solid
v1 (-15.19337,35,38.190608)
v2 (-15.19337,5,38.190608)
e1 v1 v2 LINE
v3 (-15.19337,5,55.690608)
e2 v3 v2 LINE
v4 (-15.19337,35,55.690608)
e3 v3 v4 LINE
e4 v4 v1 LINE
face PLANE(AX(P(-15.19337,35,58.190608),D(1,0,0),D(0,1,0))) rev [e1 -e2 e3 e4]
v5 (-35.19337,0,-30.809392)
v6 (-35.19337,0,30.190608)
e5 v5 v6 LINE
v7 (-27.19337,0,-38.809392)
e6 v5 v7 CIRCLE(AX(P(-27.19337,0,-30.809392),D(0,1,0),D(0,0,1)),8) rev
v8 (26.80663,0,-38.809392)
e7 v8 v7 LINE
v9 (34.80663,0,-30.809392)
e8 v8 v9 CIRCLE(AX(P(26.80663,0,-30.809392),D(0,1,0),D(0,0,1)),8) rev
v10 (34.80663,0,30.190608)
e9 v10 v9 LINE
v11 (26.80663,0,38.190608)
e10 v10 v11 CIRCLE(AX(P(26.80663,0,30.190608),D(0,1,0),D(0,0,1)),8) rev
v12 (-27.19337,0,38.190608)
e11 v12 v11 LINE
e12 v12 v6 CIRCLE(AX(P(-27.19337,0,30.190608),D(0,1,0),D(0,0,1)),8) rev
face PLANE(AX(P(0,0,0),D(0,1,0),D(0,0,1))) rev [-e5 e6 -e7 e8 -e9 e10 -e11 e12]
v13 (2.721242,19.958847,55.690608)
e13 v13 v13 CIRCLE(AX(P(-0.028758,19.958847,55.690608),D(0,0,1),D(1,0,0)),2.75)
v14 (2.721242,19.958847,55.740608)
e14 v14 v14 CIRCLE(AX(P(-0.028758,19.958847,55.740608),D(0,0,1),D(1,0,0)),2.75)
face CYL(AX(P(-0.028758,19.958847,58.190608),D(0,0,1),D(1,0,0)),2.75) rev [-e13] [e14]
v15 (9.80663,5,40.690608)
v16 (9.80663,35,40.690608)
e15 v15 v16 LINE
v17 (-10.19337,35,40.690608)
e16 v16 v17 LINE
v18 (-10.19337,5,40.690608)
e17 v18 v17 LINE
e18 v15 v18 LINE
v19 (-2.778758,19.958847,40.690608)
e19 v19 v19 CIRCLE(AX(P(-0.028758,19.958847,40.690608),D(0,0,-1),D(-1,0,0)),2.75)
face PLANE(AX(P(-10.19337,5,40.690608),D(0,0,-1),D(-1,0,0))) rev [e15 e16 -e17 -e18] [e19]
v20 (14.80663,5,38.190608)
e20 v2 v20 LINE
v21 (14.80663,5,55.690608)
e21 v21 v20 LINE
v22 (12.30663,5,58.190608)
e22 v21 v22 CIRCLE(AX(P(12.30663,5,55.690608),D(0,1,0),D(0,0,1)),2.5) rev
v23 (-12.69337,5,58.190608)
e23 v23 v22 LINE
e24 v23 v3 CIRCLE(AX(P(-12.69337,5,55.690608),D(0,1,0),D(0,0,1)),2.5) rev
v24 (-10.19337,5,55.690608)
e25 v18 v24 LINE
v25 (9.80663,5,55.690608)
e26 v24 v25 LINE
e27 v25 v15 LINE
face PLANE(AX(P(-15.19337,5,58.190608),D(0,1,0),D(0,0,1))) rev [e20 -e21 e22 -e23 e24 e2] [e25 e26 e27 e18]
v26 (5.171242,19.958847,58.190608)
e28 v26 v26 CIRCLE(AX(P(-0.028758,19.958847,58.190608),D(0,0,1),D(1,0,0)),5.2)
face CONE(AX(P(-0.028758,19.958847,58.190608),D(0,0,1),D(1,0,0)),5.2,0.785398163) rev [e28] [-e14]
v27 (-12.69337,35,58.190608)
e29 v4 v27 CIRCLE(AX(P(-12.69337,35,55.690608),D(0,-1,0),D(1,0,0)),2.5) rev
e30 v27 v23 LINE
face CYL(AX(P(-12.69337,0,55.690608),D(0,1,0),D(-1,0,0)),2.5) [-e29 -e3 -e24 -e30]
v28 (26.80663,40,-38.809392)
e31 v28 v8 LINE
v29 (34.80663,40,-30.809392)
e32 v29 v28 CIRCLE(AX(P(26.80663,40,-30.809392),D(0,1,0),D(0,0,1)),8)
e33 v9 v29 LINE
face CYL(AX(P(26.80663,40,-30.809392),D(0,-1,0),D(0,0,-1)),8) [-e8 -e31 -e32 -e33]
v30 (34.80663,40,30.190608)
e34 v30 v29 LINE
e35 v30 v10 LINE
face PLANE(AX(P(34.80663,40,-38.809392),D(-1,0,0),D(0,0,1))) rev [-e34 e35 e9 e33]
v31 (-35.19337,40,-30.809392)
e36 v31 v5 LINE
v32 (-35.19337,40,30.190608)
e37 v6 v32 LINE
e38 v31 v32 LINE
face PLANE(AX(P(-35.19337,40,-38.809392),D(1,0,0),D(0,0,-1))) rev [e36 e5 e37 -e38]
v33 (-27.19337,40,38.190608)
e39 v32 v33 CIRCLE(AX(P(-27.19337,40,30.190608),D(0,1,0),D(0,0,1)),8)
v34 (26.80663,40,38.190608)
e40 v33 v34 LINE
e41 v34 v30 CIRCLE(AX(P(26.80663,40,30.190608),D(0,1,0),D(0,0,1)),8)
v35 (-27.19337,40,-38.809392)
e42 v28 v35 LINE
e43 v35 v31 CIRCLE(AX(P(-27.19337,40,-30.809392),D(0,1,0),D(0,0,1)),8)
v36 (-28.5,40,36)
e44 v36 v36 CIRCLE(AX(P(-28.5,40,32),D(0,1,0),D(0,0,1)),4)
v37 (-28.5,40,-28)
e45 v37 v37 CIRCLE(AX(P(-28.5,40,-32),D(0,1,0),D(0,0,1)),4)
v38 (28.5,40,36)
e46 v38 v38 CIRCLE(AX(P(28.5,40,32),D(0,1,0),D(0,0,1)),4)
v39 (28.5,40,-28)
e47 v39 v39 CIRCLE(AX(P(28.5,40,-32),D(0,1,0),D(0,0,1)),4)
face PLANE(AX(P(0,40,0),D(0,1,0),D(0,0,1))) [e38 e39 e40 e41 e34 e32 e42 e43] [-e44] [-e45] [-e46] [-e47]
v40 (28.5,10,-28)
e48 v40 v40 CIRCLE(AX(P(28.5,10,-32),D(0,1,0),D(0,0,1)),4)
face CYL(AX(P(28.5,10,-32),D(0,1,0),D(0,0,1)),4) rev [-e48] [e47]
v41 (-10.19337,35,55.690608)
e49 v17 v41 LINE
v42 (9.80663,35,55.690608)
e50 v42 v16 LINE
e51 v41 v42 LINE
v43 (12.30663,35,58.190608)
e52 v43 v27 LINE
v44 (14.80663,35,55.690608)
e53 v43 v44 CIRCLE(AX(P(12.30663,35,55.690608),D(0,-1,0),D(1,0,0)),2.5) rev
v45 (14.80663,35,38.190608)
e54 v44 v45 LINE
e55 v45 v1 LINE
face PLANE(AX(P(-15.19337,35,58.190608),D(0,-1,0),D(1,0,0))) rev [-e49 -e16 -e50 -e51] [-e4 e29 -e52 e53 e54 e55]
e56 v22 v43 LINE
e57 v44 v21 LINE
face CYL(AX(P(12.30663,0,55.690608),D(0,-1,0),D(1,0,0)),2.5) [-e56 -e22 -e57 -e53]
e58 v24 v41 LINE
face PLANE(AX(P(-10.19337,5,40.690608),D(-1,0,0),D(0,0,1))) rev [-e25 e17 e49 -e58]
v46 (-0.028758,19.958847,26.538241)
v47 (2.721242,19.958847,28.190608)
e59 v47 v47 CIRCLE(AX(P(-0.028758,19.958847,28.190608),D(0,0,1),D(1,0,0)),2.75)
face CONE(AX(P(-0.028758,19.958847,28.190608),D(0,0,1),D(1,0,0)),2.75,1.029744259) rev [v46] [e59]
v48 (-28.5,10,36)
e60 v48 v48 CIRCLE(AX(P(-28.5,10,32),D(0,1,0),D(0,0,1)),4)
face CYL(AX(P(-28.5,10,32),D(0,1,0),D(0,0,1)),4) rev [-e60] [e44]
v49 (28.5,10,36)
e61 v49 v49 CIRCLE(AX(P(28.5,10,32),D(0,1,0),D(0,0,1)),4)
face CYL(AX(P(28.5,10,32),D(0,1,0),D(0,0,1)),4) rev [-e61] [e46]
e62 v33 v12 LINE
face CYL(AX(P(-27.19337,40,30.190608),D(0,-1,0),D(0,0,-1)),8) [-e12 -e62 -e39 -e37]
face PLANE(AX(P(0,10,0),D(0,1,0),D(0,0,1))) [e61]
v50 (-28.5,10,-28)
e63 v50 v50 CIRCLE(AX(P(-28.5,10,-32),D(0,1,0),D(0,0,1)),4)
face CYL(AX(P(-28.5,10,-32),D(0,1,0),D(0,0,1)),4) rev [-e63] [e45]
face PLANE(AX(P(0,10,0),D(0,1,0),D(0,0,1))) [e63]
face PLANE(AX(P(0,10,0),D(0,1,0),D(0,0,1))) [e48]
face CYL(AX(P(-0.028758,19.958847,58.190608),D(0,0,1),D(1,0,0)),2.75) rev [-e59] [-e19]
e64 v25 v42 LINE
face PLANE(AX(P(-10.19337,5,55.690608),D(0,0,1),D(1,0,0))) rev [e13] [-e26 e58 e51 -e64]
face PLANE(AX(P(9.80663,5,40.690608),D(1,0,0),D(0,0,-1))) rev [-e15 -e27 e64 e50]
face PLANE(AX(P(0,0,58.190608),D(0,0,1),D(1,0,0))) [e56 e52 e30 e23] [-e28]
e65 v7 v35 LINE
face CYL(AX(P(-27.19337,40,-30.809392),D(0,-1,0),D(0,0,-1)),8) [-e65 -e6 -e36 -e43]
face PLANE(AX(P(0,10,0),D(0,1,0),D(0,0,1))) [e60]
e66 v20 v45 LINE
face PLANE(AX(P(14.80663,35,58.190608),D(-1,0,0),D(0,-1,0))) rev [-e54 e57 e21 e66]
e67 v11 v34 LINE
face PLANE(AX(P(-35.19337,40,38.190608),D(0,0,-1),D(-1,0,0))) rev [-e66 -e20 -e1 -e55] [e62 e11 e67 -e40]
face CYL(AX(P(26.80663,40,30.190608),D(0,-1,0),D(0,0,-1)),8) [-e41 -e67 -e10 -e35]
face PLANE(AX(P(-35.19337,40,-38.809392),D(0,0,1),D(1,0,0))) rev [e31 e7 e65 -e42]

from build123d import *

# Parameters (mm, degrees)
SKETCH4_W                                           = 70
SKETCH4_H                                           = 77
BOSS_EXTRUDE1_DEPTH                                 = 40
SKETCH5_R                                           = 4
CUT_EXTRUDE1_DEPTH                                  = 30
SKETCH6_W                                           = 30
SKETCH6_H                                           = 30
BOSS_EXTRUDE3_DEPTH                                 = 20
SKETCH7_W                                           = 20
SKETCH7_H                                           = 15
CUT_EXTRUDE2_DEPTH                                  = 30
CSK_FOR_M5_COUNTERSUNK_FLAT_HEAD_SCREW1_D           = 5.5
CSK_FOR_M5_COUNTERSUNK_FLAT_HEAD_SCREW1_DEPTH       = 30
CSK_FOR_M5_COUNTERSUNK_FLAT_HEAD_SCREW1_CSINK_D     = 10.4
CSK_FOR_M5_COUNTERSUNK_FLAT_HEAD_SCREW1_CSINK_ANGLE = 90
CSK_FOR_M5_COUNTERSUNK_FLAT_HEAD_SCREW1_TIP         = 1.652366702
FILLET1_R                                           = 8
FILLET2_R                                           = 2.5


with BuildPart() as part:
    # Sketch4 → Boss-Extrude1 (new body)
    with BuildSketch(Plane(origin=(0, 0, 0), x_dir=(1, 0, 0), z_dir=(0, 1, 0))):
        with Locations((-0.193370166, 0.309392265)):
            Rectangle(SKETCH4_W, SKETCH4_H)
    extrude(amount=BOSS_EXTRUDE1_DEPTH)

    # Sketch5 → Cut-Extrude1 (cut)
    with BuildSketch(Plane(origin=(0, 40, 0), x_dir=(1, 0, 0), z_dir=(0, 1, 0))):
        with Locations(Location((-28.5, 32, 0), (0, 0, 270))):
            Circle(SKETCH5_R)
        with Locations(Location((28.5, 32, 0), (0, 0, 270))):
            Circle(SKETCH5_R)
        with Locations(Location((-28.5, -32, 0), (0, 0, 270))):
            Circle(SKETCH5_R)
        with Locations(Location((28.5, -32, 0), (0, 0, 270))):
            Circle(SKETCH5_R)
    extrude(amount=-CUT_EXTRUDE1_DEPTH, mode=Mode.SUBTRACT)

    # Sketch6 → Boss-Extrude3 (add)
    with BuildSketch(Plane.XY.offset(38.190607735)):
        with Locations((-0.193370166, 20)):
            Rectangle(SKETCH6_W, SKETCH6_H)
    extrude(amount=BOSS_EXTRUDE3_DEPTH)

    # Sketch7 → Cut-Extrude2 (cut)
    with BuildSketch(Plane(origin=(0, 35, 0), x_dir=(1, 0, 0), z_dir=(0, 1, 0))):
        with Locations((-0.193370166, -48.190607735)):
            Rectangle(SKETCH7_W, SKETCH7_H)
    extrude(amount=-CUT_EXTRUDE2_DEPTH, mode=Mode.SUBTRACT)

    # CSK for M5 Countersunk Flat Head Screw1
    with Locations(Plane.XY.offset(58.190607735)):
        with Locations((-0.028758017, 19.958846963)):
            CounterSinkHole(CSK_FOR_M5_COUNTERSUNK_FLAT_HEAD_SCREW1_D / 2, CSK_FOR_M5_COUNTERSUNK_FLAT_HEAD_SCREW1_CSINK_D / 2, depth=CSK_FOR_M5_COUNTERSUNK_FLAT_HEAD_SCREW1_DEPTH, counter_sink_angle=CSK_FOR_M5_COUNTERSUNK_FLAT_HEAD_SCREW1_CSINK_ANGLE)
            with Locations((0, 0, -(CSK_FOR_M5_COUNTERSUNK_FLAT_HEAD_SCREW1_DEPTH + CSK_FOR_M5_COUNTERSUNK_FLAT_HEAD_SCREW1_TIP / 2))):  # 118° drill point
                Cone(0, CSK_FOR_M5_COUNTERSUNK_FLAT_HEAD_SCREW1_D / 2, CSK_FOR_M5_COUNTERSUNK_FLAT_HEAD_SCREW1_TIP, mode=Mode.SUBTRACT)

    # Fillet1
    fillet1_edges = [part.edges().sort_by_distance(p)[0] for p in [
        (34.806629834, 20, 38.190607735),
        (-35.193370166, 20, 38.190607735),
        (-35.193370166, 20, -38.809392265),
        (34.806629834, 20, -38.809392265),
    ]]
    fillet(fillet1_edges, radius=FILLET1_R)

    # Fillet2
    fillet2_edges = [part.edges().sort_by_distance(p)[0] for p in [
        (-15.193370166, 20, 58.190607735),
        (14.806629834, 20, 58.190607735),
    ]]
    fillet(fillet2_edges, radius=FILLET2_R)


solid = part.part
